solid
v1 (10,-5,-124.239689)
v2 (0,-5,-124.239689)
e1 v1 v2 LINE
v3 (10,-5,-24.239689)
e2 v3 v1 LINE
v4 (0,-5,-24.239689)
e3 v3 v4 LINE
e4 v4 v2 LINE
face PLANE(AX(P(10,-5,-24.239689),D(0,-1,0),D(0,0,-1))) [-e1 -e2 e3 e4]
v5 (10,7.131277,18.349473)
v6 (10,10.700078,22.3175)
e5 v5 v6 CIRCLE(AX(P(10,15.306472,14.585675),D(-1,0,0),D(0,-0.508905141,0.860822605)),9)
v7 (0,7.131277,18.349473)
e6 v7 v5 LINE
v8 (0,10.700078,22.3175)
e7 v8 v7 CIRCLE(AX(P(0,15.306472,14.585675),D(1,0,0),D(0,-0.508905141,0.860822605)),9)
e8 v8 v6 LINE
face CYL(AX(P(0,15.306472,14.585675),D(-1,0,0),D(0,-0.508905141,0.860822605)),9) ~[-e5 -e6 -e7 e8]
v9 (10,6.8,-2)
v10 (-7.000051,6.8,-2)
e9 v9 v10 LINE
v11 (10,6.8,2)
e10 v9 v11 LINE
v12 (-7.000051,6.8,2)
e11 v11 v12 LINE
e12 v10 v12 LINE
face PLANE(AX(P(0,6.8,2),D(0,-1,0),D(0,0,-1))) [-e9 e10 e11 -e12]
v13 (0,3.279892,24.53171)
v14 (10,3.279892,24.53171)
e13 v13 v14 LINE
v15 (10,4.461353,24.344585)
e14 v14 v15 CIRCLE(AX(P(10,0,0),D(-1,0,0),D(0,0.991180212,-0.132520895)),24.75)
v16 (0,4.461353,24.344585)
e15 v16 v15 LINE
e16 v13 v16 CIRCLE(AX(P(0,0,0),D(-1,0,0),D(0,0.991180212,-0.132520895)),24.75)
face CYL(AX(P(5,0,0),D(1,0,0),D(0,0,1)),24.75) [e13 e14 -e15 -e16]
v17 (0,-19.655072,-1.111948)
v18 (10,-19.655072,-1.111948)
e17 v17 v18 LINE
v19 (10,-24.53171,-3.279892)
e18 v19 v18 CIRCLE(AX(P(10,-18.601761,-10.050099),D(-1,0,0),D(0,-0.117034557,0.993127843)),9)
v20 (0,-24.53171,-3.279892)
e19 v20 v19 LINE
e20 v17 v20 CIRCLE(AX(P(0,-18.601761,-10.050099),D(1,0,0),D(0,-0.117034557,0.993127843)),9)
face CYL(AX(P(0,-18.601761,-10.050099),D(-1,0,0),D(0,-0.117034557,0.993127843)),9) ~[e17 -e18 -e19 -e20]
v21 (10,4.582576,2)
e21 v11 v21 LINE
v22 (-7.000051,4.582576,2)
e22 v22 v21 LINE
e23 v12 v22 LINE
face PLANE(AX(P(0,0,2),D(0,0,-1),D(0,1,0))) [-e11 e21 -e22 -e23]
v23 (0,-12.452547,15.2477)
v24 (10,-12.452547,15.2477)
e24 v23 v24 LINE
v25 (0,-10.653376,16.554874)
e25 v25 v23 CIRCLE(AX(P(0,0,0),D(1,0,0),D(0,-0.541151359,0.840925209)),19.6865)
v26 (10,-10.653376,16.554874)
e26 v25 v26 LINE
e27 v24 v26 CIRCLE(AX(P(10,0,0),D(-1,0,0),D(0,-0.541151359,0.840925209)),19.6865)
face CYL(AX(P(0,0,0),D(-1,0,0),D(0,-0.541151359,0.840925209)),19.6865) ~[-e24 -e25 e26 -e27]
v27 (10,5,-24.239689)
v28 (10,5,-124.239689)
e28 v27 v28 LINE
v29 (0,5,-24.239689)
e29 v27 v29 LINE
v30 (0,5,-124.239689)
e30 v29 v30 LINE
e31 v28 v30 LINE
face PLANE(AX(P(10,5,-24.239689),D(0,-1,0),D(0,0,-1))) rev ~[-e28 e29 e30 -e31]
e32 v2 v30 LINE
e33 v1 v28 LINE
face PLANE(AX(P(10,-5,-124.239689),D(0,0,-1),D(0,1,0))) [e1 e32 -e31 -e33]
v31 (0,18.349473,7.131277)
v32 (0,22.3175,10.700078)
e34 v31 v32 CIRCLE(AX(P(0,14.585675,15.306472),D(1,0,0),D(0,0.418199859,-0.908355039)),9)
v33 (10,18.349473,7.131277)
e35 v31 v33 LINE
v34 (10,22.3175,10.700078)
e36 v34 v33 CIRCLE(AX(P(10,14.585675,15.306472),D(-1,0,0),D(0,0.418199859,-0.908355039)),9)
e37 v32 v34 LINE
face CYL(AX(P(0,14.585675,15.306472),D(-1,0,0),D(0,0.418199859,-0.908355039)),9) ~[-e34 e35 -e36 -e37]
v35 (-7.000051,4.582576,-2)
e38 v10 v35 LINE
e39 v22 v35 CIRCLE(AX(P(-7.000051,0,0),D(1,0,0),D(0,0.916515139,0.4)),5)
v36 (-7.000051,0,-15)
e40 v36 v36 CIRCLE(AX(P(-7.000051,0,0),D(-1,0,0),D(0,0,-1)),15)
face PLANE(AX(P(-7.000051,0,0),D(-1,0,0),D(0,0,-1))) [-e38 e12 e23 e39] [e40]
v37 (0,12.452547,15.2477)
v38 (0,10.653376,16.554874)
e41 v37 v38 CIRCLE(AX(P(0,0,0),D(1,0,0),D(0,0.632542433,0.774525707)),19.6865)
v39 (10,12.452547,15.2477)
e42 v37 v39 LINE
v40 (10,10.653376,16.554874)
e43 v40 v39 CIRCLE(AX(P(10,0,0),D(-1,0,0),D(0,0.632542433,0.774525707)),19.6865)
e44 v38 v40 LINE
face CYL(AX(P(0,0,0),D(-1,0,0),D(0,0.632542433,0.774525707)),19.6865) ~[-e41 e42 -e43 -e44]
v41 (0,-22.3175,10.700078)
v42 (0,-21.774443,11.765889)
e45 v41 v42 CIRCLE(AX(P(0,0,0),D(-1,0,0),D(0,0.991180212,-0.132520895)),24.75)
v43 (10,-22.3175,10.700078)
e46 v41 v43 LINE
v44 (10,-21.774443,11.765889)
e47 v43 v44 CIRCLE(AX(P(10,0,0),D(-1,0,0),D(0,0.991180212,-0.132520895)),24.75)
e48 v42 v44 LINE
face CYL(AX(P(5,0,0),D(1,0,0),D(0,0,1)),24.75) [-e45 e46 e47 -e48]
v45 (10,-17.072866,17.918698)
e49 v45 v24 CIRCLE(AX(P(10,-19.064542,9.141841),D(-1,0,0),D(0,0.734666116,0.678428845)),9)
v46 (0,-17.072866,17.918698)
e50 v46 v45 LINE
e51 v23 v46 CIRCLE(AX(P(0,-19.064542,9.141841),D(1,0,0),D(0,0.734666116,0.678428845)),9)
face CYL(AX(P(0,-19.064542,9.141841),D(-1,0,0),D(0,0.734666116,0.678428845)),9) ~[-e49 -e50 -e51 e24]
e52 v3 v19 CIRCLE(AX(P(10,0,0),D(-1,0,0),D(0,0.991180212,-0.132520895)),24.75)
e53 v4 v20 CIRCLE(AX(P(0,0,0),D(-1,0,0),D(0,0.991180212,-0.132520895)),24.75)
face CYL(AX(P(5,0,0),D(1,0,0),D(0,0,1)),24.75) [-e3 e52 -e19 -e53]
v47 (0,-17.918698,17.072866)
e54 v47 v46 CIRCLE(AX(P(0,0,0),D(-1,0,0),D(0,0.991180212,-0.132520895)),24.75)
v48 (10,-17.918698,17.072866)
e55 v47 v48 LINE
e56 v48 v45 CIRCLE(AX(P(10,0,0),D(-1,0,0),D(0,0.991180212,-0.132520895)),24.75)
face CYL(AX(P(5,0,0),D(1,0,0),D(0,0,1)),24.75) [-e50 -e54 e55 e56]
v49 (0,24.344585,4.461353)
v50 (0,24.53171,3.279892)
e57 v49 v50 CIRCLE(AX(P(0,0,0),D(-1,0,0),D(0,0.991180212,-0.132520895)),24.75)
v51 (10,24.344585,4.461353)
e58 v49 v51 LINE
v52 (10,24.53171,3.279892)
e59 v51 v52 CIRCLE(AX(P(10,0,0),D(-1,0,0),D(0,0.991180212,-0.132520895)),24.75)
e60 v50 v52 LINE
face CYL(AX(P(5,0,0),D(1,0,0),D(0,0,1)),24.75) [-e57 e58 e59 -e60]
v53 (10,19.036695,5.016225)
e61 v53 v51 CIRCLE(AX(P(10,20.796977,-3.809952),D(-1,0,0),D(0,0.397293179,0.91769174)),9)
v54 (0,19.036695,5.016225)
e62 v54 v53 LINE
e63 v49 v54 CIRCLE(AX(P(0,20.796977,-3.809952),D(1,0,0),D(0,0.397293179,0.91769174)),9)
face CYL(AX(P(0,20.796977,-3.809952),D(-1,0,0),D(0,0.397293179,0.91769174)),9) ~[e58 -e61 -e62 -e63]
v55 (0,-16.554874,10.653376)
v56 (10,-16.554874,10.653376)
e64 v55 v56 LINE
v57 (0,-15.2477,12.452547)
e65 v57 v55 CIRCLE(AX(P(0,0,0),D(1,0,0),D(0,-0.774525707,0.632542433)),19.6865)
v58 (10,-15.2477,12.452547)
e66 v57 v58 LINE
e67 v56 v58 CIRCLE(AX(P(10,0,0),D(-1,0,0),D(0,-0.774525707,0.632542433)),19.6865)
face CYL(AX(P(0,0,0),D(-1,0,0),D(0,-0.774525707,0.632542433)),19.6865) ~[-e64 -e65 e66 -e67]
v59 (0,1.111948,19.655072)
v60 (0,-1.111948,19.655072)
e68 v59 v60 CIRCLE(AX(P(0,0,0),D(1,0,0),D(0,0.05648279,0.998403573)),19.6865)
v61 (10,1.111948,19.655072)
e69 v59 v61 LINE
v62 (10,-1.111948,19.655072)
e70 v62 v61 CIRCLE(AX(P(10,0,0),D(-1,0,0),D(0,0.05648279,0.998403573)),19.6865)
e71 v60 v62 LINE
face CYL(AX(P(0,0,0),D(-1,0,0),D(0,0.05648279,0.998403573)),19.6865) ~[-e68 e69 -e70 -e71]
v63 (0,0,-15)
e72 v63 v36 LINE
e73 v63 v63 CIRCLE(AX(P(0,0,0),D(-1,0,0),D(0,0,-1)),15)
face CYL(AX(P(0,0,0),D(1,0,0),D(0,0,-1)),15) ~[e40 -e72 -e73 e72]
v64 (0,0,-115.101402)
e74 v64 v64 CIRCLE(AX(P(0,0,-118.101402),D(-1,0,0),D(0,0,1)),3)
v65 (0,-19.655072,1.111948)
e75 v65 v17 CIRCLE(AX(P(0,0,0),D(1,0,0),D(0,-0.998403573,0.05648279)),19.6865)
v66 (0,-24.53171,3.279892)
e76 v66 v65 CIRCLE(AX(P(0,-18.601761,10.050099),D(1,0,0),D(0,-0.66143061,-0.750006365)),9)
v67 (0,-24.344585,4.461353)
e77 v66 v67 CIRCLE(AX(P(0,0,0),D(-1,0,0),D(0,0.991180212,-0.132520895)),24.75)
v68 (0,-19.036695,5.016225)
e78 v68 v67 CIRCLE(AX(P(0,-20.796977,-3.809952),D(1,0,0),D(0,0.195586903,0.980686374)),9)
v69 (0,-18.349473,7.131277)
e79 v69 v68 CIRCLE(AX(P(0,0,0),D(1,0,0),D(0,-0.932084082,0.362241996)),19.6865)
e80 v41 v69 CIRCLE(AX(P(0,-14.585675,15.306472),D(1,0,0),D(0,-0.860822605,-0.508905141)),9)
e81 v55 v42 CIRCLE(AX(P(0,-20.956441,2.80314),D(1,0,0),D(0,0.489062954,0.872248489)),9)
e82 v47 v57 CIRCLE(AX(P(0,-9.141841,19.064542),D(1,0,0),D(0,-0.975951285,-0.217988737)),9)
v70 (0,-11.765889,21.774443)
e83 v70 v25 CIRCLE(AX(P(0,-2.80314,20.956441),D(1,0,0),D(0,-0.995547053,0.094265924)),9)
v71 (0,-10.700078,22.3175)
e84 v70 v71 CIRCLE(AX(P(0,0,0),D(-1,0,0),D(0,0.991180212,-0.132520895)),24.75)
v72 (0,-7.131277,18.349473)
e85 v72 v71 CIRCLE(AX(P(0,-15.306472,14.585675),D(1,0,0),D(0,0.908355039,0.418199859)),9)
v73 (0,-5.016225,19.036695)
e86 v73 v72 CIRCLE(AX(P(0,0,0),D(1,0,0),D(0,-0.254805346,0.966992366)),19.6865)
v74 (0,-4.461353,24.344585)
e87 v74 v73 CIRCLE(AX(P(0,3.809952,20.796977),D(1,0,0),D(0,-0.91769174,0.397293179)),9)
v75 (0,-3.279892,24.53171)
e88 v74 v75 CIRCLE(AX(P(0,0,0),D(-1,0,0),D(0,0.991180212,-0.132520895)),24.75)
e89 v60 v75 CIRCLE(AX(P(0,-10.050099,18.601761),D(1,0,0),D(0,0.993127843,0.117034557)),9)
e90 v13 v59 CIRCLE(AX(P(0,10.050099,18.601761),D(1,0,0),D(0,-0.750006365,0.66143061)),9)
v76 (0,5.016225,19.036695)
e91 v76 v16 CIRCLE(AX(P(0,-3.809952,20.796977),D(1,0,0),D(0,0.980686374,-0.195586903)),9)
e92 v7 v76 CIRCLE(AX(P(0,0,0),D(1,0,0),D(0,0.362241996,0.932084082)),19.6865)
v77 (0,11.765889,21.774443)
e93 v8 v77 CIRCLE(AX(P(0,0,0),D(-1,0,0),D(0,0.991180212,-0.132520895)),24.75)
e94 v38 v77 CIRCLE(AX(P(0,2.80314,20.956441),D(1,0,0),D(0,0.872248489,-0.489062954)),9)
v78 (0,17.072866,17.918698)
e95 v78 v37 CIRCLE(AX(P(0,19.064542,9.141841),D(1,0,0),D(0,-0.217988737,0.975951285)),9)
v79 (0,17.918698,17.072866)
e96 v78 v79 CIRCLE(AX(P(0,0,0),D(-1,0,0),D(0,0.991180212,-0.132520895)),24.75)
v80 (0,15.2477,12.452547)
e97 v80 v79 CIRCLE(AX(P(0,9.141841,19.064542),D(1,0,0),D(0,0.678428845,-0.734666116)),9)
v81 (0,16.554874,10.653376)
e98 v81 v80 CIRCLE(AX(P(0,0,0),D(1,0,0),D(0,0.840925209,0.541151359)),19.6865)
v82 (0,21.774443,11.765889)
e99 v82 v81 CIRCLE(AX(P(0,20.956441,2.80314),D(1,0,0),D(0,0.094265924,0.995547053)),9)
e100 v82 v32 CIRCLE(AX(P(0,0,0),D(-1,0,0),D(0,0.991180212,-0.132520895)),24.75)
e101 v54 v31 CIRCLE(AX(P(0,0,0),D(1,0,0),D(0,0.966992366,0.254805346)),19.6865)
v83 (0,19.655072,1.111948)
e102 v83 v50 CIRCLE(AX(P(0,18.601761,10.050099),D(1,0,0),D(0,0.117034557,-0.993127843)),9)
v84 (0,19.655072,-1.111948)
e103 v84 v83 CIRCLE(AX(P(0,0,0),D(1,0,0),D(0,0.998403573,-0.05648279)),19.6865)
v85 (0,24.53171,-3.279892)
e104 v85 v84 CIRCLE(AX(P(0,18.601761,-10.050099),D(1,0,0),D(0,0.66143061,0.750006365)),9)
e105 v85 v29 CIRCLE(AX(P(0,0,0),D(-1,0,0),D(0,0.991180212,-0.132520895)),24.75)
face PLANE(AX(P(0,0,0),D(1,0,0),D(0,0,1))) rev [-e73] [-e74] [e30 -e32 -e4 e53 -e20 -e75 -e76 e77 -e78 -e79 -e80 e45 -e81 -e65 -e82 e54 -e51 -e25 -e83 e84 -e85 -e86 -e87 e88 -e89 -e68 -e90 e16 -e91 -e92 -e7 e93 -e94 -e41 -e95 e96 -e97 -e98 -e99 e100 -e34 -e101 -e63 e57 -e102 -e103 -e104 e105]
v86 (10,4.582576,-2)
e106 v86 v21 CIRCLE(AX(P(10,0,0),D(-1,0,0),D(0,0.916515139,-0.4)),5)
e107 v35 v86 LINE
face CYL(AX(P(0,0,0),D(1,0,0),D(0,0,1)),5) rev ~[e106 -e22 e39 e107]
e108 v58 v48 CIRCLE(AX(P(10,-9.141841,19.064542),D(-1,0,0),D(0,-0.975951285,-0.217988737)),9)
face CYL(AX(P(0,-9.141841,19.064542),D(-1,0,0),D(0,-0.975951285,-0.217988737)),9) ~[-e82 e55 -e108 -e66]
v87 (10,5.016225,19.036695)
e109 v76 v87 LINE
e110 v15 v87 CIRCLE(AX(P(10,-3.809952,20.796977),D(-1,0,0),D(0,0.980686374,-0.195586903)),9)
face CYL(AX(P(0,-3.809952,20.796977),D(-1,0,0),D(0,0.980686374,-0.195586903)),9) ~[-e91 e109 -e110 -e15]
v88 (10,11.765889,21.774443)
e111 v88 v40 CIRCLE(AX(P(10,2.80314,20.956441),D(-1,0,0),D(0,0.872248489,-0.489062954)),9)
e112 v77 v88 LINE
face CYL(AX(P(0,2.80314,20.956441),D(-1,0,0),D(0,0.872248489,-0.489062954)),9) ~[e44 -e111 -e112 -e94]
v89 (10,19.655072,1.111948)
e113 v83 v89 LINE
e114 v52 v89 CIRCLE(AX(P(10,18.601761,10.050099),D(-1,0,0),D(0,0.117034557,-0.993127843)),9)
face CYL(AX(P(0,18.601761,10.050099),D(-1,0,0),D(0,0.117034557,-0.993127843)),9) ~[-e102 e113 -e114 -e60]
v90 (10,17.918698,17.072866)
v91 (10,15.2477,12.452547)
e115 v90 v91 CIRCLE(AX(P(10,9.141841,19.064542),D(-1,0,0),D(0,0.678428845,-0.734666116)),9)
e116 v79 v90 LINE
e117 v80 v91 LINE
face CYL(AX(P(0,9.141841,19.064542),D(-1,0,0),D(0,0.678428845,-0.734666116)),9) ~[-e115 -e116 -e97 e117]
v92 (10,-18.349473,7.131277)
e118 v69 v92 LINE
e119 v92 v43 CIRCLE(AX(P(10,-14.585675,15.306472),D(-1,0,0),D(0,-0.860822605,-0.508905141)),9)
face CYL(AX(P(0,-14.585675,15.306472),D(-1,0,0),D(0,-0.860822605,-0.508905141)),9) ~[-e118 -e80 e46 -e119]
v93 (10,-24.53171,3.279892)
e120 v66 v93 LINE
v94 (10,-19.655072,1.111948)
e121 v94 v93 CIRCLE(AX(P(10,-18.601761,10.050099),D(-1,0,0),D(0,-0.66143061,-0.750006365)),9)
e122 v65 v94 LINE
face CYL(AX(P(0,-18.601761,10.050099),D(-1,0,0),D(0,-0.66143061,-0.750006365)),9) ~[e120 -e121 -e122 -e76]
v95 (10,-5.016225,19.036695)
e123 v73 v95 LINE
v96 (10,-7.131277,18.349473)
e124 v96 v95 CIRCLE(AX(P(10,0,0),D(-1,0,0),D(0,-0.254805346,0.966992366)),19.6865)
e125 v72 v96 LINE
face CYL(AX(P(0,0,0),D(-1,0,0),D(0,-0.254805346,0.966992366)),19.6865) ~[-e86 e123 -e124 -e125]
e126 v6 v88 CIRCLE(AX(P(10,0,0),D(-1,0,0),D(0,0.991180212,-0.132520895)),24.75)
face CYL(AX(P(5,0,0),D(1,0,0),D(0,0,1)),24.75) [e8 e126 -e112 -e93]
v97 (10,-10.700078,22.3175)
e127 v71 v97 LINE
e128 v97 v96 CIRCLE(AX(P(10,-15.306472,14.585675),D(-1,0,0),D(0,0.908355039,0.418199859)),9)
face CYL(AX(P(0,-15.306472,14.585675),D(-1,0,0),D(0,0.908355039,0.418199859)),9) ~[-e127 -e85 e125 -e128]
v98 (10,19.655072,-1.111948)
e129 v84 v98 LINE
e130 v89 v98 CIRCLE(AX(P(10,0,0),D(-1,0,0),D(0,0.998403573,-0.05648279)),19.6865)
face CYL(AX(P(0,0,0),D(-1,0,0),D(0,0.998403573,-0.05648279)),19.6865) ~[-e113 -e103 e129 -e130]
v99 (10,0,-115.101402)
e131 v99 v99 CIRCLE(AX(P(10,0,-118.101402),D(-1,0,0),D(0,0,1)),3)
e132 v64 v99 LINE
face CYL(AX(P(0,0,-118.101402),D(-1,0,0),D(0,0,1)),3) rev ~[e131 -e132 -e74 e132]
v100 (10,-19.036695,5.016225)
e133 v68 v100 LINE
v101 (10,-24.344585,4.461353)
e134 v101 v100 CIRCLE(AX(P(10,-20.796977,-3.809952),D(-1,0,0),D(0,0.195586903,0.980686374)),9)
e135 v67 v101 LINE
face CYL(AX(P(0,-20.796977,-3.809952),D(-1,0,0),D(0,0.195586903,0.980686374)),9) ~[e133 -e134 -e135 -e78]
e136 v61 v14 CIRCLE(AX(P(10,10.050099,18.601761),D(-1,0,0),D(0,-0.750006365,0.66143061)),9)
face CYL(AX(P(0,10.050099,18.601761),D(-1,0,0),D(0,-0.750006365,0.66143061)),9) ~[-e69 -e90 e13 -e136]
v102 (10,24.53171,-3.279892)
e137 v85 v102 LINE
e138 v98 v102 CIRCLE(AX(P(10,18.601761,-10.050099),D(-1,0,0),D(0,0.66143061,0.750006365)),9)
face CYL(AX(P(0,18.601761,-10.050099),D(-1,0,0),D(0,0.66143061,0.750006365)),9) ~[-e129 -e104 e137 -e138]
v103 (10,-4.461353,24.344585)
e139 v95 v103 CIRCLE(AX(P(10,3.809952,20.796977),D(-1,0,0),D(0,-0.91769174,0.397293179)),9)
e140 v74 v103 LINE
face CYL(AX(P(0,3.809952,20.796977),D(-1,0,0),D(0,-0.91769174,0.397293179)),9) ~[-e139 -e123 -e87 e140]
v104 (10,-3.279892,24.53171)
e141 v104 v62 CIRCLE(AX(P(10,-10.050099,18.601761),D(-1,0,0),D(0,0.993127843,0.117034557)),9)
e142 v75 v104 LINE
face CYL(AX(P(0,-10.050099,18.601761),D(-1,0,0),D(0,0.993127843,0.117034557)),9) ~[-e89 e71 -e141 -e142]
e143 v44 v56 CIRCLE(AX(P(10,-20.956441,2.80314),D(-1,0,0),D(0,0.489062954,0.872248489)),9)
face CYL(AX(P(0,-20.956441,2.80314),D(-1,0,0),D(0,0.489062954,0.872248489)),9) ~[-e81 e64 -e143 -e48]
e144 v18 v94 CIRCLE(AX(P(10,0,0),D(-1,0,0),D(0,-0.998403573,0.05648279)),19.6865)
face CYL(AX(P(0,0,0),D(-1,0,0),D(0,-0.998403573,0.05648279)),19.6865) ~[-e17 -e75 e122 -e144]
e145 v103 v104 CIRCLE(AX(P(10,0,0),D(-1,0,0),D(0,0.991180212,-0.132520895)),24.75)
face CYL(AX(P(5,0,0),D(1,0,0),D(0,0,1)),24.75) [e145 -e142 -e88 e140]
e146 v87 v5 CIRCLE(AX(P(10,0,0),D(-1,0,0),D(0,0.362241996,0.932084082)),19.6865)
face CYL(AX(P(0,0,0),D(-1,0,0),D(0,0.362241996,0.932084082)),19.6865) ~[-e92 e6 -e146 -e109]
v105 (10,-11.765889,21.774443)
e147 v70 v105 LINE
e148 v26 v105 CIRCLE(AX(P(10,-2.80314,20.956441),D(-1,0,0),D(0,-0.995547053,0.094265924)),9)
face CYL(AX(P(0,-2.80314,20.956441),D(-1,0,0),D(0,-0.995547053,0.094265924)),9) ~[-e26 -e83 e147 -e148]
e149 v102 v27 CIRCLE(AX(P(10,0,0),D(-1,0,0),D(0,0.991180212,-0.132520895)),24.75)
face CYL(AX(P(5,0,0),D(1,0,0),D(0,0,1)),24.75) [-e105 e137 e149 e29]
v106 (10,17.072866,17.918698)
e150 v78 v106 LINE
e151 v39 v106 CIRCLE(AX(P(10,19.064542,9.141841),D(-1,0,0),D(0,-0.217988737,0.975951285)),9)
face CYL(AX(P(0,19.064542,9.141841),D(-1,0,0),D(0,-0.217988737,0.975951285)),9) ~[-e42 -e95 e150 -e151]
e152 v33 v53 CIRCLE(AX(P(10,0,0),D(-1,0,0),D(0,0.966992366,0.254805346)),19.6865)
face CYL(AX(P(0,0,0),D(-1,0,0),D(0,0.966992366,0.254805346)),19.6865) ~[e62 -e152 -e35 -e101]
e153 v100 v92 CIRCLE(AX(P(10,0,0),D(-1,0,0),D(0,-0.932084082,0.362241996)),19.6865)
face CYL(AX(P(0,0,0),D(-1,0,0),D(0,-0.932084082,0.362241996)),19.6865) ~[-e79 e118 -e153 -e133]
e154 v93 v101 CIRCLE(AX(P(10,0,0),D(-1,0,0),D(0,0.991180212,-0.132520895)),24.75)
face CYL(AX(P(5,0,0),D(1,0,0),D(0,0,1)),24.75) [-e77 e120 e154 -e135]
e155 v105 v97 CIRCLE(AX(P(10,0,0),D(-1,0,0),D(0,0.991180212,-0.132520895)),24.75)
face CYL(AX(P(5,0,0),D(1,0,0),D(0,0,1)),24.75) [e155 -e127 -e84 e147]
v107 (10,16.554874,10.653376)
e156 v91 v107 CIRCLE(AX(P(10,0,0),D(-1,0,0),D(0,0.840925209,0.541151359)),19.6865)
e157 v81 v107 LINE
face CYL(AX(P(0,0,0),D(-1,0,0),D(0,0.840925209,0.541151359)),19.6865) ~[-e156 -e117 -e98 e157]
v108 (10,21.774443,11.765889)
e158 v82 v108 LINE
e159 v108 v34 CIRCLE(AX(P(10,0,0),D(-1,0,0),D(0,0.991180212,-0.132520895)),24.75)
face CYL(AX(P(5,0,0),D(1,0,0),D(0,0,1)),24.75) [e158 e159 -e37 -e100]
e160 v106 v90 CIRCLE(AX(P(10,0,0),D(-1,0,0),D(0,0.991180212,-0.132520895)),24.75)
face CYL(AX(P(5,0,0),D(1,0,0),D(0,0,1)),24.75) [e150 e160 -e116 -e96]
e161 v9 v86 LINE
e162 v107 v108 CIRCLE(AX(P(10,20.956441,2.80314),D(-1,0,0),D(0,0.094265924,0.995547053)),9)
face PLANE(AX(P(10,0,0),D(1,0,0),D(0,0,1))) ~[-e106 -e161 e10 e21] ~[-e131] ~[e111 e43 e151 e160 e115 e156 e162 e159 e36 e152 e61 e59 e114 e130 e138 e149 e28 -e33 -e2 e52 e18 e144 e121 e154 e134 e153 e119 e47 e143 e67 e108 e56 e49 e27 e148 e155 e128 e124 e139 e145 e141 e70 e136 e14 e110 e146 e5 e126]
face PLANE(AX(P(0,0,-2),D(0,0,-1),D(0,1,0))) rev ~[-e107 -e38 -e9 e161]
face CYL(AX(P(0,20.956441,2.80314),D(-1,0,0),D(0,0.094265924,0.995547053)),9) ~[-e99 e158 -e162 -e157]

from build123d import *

# Parameters (mm, degrees)
BASPROSKE_W             = 10
BASPROSKE_H             = 24.75
TOOTHCUT_DEPTH          = 37.402266413
TEETHCUTS_COUNT         = 11
TEETHCUTS_ANGLE         = 180
HUBNEAONESKE_R          = 15
HUBNEARONE_DEPTH        = 7.0000508
BORSKE_R                = 5
BORE_DEPTH              = 10.0000508
KEYSKE_W                = 4
KEYSKE_H                = 6.8
KEYWAY_DEPTH            = 10.0000508
ESQUISSE1_W             = 100
ESQUISSE1_H             = 10
BOSS_EXTRU_1_DEPTH      = 10
ESQUISSE2_R             = 3
ENL_V_MAT_EXTRU_2_DEPTH = 10


with BuildPart() as part:
    # BasProSke → Base-Revolve (revolve)
    with BuildSketch(Plane(origin=(0, 0, 0), x_dir=(1, 0, 0), z_dir=(0, 1, 0)), mode=Mode.PRIVATE) as base_revolve_sk:
        with Locations((5, 12.375)):
            Rectangle(BASPROSKE_W, BASPROSKE_H)
    revolve(base_revolve_sk.sketch.rotate(Axis((-10, 0, 0), (1, 0, 0)), 180), axis=Axis((-10, 0, 0), (1, 0, 0)))

    # TooCutSke → ToothCut (cut, through all)
    with BuildSketch(Plane(origin=(0, 0, 0), x_dir=(0, 0, -1), z_dir=(1, 0, 0))):
        with BuildLine():
            ThreePointArc((1.111948432, 19.655071939), (0, 19.6865), (-1.111948432, 19.655071939))
            ThreePointArc((-1.111948432, 19.655071939), (-1.832349961, 22.271720111), (-3.300041734, 24.55463642))
            ThreePointArc((-3.300041734, 24.55463642), (0, 24.7754), (3.300041734, 24.55463642))
            ThreePointArc((3.300041734, 24.55463642), (1.832349961, 22.271720111), (1.111948432, 19.655071939))
        make_face()
    toothcut = extrude(amount=TOOTHCUT_DEPTH, mode=Mode.SUBTRACT)

    # TeethCuts: ToothCut ×11 about axis
    teethcuts_axis = Axis((-10, 0, 0), (1, 0, 0))
    for i in range(1, TEETHCUTS_COUNT):
        add(toothcut.rotate(teethcuts_axis, i * TEETHCUTS_ANGLE / (TEETHCUTS_COUNT - 1)), mode=Mode.SUBTRACT)

    # HubNeaOneSke → HubNearOne (add)
    with BuildSketch(Plane.ZY):
        with Locations(Location((0, 0, 0), (0, 0, 180))):
            Circle(HUBNEAONESKE_R)
    extrude(amount=HUBNEARONE_DEPTH)

    # BorSke → Bore (cut, symmetric)
    with BuildSketch(Plane(origin=(0, 0, 0), x_dir=(0, 0, -1), z_dir=(1, 0, 0))):
        with Locations(Location((0, 0, 0), (0, 0, 180))):
            Circle(BORSKE_R)
    extrude(amount=BORE_DEPTH, both=True, mode=Mode.SUBTRACT)

    # KeySke → Keyway (cut, symmetric)
    with BuildSketch(Plane(origin=(0, 0, 0), x_dir=(0, 0, -1), z_dir=(1, 0, 0))):
        with Locations((0, 3.4)):
            Rectangle(KEYSKE_W, KEYSKE_H)
    extrude(amount=KEYWAY_DEPTH, both=True, mode=Mode.SUBTRACT)

    # Esquisse1 → Boss.-Extru.1 (add)
    with BuildSketch(Plane(origin=(10, 0, 0), x_dir=(0, 0, -1), z_dir=(1, 0, 0))):
        with Locations((74.239688529, 0)):
            Rectangle(ESQUISSE1_W, ESQUISSE1_H)
    extrude(amount=-BOSS_EXTRU_1_DEPTH)

    # Esquisse2 → Enlèv. mat.-Extru.2 (cut)
    with BuildSketch(Plane.ZY):
        with Locations((-118.101402352, 0)):
            Circle(ESQUISSE2_R)
    extrude(amount=-ENL_V_MAT_EXTRU_2_DEPTH, mode=Mode.SUBTRACT)


solid = part.part
